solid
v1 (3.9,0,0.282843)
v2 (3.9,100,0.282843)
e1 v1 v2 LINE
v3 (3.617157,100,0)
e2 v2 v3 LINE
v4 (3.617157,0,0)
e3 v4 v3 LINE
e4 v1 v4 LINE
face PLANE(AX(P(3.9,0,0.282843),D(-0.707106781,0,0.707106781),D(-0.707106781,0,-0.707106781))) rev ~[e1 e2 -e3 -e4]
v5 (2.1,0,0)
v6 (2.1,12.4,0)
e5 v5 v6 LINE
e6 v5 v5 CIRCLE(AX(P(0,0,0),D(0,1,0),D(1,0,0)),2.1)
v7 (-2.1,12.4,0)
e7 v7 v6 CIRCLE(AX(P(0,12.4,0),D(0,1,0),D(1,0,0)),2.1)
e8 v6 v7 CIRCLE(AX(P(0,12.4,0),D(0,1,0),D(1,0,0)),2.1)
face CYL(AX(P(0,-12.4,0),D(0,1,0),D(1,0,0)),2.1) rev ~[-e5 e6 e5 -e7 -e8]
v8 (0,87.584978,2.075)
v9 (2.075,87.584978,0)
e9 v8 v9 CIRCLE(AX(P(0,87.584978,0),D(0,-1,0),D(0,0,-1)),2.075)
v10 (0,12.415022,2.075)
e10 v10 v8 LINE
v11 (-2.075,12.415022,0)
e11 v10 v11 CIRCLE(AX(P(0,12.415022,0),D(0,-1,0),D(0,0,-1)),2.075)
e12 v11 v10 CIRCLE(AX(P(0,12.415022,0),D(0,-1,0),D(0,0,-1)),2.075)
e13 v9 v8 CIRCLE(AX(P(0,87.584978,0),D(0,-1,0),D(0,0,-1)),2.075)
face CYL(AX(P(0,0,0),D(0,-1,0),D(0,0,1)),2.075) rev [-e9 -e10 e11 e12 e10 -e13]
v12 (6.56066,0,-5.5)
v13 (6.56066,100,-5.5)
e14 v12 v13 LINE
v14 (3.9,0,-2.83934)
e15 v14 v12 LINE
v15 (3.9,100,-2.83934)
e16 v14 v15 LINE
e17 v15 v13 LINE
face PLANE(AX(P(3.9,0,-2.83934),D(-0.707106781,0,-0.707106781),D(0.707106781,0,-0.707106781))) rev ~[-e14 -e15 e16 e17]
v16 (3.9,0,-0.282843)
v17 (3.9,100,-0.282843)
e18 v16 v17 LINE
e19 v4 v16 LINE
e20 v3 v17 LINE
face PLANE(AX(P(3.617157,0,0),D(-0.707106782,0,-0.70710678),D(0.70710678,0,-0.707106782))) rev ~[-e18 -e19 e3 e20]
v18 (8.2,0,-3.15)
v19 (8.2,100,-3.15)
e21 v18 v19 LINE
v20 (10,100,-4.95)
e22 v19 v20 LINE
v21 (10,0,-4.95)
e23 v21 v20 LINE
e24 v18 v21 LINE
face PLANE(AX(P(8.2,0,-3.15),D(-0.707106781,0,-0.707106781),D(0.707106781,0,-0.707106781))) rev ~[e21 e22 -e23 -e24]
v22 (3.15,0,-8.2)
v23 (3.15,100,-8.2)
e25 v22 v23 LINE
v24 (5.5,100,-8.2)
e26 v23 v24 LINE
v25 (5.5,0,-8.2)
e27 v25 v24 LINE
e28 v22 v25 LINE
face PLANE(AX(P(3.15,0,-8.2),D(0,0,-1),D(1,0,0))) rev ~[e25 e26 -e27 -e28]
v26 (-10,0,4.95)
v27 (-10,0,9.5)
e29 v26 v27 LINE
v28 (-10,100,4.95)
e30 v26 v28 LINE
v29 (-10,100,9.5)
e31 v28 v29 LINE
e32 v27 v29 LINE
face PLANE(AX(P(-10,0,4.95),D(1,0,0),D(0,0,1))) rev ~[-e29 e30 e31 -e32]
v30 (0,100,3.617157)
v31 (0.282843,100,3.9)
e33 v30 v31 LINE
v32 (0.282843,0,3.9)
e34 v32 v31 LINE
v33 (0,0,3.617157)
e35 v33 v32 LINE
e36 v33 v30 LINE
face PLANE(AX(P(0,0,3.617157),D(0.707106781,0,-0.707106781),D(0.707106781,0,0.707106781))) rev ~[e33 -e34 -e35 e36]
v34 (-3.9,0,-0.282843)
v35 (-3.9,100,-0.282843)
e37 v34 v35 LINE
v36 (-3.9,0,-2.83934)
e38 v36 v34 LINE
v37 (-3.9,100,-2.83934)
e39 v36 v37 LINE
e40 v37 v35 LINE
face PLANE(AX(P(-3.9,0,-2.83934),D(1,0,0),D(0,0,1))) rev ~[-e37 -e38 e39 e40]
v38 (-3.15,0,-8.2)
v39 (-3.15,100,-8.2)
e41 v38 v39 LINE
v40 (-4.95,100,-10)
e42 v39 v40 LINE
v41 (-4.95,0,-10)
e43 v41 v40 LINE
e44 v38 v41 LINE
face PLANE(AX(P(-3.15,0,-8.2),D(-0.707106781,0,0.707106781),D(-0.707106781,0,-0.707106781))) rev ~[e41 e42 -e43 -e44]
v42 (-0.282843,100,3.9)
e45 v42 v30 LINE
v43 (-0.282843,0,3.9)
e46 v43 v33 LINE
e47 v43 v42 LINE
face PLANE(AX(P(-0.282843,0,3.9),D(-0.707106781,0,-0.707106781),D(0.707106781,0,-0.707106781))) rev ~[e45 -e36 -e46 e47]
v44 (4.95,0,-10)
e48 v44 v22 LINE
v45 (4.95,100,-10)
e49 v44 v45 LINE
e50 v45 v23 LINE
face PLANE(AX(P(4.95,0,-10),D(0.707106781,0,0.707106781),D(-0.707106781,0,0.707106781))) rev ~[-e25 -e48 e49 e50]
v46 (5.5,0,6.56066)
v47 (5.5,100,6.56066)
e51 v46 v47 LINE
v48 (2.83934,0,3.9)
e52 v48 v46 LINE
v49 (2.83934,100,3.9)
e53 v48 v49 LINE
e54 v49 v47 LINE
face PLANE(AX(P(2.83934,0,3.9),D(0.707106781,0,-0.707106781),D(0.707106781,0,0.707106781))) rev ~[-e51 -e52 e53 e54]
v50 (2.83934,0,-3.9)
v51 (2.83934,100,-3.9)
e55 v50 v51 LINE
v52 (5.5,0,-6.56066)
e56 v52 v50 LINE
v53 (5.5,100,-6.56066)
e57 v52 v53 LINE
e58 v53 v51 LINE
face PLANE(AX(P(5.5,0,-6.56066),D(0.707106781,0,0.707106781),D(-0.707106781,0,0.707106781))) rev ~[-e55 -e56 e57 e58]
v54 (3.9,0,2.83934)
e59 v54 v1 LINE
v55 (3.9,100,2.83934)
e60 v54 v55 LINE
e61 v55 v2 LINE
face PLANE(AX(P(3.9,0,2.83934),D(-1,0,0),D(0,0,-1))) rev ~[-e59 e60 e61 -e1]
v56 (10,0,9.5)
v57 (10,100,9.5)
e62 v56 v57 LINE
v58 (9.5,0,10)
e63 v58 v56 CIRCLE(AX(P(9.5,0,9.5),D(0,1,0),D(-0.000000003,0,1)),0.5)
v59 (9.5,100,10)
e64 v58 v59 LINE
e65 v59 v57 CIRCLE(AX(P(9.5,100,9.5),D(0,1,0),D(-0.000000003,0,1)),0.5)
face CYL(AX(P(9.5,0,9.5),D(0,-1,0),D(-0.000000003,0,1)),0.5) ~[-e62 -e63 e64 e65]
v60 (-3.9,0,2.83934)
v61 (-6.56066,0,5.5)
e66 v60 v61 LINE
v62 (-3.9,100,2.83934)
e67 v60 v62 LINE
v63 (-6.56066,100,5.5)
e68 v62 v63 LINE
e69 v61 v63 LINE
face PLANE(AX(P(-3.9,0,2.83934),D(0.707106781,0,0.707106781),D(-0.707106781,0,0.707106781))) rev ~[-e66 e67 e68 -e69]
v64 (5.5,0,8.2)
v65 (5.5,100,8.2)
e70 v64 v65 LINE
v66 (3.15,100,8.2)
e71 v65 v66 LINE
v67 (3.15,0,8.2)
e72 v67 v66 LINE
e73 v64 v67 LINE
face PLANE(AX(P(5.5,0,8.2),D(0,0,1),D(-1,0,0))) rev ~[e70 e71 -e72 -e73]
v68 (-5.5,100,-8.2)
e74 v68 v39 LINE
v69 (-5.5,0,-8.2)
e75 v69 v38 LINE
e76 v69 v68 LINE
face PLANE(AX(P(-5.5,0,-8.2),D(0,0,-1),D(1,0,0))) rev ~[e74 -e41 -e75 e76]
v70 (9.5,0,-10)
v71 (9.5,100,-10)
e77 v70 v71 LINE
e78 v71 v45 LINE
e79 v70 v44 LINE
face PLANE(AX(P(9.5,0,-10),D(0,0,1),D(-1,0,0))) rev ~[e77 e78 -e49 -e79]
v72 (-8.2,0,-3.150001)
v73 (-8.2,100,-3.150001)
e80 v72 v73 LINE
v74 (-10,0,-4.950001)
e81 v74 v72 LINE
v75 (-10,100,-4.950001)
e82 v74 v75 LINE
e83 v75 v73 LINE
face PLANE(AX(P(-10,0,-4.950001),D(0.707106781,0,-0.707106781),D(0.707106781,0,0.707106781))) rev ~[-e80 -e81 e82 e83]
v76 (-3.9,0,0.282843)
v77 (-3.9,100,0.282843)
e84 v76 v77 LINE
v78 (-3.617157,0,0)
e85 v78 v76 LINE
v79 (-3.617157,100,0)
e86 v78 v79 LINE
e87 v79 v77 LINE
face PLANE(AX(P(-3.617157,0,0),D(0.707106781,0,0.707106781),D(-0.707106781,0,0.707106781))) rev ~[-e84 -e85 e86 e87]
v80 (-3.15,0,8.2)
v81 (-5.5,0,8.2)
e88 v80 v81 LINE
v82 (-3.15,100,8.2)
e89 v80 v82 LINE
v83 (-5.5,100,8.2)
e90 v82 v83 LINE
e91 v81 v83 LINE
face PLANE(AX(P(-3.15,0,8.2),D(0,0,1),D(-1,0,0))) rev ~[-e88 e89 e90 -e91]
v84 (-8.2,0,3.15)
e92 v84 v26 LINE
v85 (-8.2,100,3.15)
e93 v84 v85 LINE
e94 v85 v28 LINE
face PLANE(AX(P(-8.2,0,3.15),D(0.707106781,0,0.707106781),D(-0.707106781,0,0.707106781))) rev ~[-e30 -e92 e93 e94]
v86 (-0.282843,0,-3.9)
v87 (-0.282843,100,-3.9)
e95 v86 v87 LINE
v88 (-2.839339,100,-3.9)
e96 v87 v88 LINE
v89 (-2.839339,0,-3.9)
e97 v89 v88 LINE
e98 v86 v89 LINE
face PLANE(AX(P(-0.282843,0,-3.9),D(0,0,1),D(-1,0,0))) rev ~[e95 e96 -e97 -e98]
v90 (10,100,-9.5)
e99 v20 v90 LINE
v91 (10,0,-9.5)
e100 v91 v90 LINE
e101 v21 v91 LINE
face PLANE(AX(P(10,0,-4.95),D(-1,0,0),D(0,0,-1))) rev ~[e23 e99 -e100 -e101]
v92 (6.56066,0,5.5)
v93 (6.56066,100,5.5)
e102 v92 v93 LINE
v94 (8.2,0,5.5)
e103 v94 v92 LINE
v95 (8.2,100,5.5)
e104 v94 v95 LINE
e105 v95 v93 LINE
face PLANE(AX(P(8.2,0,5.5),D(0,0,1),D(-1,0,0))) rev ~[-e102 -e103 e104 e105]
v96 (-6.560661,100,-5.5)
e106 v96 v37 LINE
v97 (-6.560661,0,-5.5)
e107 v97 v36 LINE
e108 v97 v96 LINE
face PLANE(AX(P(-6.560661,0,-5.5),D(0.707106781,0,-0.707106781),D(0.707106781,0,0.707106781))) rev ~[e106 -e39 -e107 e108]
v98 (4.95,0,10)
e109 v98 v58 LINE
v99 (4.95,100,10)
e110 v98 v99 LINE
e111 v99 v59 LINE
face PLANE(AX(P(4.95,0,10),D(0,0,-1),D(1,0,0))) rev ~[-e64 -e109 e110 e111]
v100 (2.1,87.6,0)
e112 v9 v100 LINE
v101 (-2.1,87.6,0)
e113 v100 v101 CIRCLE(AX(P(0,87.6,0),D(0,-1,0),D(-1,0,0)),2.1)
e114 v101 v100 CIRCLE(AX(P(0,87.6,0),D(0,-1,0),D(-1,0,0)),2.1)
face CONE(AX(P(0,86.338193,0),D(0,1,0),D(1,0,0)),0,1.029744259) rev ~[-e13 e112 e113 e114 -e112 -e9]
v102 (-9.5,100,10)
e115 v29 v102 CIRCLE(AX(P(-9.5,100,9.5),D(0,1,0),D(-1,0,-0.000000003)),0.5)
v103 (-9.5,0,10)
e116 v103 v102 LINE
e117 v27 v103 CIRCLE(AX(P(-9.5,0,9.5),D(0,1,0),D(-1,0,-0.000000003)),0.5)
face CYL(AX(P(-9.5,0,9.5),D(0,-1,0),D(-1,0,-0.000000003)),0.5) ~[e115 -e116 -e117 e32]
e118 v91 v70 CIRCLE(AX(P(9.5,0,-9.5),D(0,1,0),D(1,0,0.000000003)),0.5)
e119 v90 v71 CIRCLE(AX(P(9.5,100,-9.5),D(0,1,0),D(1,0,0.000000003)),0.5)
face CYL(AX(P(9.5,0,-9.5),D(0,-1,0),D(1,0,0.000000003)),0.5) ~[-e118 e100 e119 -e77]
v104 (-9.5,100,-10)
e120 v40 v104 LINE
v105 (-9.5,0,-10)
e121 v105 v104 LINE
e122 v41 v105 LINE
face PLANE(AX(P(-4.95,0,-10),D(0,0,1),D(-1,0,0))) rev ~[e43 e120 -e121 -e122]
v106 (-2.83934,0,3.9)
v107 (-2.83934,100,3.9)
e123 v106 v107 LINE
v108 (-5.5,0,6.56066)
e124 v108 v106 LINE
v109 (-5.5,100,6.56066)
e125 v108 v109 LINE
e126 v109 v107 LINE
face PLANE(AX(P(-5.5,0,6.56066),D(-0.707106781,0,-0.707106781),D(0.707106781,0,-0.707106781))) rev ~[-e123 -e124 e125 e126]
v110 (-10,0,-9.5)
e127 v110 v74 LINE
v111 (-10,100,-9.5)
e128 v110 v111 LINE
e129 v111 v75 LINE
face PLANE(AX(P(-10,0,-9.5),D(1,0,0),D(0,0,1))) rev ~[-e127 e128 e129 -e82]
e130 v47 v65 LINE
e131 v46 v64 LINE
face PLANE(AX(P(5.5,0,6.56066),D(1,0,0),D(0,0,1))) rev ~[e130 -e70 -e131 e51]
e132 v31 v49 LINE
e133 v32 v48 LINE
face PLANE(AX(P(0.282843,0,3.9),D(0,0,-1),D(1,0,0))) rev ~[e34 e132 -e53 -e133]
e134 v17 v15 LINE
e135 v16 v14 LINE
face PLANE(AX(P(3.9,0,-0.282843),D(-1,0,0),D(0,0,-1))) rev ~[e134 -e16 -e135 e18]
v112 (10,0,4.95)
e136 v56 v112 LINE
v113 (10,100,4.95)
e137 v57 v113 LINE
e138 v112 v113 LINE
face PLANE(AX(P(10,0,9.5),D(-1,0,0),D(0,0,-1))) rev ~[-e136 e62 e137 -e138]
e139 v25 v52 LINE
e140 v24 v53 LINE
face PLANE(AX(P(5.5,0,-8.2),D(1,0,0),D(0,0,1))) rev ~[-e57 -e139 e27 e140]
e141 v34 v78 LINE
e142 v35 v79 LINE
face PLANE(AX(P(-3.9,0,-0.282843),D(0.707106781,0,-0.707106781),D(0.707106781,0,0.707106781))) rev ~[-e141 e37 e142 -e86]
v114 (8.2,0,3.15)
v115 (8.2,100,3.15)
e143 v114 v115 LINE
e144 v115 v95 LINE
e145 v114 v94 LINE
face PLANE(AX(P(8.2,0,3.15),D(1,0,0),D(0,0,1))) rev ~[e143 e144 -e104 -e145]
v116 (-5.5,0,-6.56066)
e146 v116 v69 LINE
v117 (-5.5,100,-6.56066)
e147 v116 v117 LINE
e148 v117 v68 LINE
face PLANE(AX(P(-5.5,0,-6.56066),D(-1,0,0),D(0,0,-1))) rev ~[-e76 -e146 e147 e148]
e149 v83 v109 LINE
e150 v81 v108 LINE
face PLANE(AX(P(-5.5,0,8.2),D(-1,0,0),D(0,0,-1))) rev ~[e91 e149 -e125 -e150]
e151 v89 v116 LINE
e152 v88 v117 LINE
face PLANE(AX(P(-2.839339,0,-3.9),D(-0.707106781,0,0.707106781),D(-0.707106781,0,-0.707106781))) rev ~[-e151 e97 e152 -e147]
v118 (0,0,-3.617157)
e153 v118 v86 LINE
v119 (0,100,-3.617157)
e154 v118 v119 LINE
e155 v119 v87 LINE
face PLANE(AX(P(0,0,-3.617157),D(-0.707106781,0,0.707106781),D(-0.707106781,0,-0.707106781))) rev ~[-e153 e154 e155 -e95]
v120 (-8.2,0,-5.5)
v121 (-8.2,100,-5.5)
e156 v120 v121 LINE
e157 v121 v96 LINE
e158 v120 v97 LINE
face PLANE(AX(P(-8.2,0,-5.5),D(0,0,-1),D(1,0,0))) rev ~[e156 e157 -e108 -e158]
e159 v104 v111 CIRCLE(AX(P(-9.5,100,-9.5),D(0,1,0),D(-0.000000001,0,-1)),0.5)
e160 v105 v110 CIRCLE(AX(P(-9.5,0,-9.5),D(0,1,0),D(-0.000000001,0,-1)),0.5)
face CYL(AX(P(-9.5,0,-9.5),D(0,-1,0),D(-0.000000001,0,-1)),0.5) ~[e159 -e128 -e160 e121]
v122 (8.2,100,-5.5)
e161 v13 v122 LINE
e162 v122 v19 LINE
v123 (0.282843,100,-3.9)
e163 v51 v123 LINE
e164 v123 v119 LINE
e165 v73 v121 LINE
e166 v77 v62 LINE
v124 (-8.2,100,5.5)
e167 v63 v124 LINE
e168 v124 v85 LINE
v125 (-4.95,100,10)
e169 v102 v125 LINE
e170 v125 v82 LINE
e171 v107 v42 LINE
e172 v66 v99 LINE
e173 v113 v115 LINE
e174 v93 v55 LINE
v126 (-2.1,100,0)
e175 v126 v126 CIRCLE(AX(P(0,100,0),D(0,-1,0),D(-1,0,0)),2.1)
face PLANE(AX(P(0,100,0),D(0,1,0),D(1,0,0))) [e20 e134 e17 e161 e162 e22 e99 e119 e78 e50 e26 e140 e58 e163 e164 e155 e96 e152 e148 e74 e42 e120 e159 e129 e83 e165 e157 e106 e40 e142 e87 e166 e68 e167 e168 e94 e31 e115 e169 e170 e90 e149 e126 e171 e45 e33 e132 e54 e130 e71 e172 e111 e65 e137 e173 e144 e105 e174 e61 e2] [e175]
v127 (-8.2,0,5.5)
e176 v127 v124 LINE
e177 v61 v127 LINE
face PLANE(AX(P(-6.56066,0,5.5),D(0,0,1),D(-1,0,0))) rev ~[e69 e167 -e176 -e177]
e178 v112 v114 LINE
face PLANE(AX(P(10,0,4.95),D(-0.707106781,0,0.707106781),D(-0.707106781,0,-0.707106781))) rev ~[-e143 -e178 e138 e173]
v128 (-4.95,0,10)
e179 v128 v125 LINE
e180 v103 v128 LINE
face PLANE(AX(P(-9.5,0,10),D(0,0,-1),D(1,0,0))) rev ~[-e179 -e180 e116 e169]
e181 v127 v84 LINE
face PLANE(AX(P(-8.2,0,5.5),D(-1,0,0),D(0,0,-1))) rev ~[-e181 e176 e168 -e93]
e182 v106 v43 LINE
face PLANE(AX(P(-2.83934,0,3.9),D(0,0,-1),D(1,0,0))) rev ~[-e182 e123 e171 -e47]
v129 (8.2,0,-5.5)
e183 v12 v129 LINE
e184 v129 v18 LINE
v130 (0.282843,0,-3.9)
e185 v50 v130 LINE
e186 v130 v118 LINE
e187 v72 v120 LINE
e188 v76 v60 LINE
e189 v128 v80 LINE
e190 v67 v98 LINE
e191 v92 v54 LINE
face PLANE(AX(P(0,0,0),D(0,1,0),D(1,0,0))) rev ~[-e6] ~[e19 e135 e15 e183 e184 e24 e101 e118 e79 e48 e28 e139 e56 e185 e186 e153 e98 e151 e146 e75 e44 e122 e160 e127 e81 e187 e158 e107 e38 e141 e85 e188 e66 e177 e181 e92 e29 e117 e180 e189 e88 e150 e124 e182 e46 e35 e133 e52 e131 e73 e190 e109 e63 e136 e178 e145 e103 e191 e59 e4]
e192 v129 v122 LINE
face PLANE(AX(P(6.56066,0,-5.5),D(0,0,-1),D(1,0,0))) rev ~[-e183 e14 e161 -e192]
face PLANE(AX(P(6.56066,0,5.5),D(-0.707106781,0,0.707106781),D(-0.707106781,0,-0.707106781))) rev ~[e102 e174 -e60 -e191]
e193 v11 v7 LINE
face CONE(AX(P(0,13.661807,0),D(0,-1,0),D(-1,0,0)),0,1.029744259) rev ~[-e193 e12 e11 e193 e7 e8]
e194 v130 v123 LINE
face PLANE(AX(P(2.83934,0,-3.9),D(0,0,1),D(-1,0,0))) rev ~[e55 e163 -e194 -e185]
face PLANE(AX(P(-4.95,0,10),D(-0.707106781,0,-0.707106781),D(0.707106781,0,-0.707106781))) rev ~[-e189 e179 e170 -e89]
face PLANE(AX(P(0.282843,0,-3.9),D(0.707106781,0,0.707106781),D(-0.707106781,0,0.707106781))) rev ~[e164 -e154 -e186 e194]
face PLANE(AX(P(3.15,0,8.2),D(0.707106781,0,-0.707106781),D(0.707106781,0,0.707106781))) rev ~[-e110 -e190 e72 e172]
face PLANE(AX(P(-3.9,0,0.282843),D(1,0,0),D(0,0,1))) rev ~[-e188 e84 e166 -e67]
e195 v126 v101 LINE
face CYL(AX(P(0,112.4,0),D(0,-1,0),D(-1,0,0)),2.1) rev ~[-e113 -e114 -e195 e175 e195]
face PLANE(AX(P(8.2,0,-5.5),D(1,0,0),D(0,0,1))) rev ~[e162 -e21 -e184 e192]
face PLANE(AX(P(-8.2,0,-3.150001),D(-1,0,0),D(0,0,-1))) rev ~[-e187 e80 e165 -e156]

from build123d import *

# Parameters (mm, degrees)
SKETCH_28_R               = 2.075
EXTRUDE_2020V_DEPTH       = 100
HOLE_WIZARD_1_2020V_D     = 4.2
HOLE_WIZARD_1_2020V_DEPTH = 12.4
HOLE_WIZARD_1_2020V_TIP   = 1.2618073
HOLE_WIZARD_2_2020V_D     = 4.2
HOLE_WIZARD_2_2020V_DEPTH = 12.4
HOLE_WIZARD_2_2020V_TIP   = 1.2618073


with BuildPart() as part:
    # 草图28 → 2020V (new body)
    with BuildSketch(Plane(origin=(0, 0, 0), x_dir=(1, 0, 0), z_dir=(0, 1, 0))):
        with BuildLine():
            Line((-3.900000395, 2.839340223), (-3.900000395, 0.282843107))
            Line((-3.900000395, 0.282843107), (-3.617157288, 0))
            Line((-3.617157288, 0), (-3.9, -0.282842712))
            Line((-3.9, -0.282842712), (-3.9, -2.839339828))
            Line((-3.9, -2.839339828), (-6.560660172, -5.5))
            Line((-6.560660172, -5.5), (-8.2, -5.5))
            Line((-8.2, -5.5), (-8.2, -3.150000255))
            Line((-8.2, -3.150000255), (-10, -4.950000255))
            Line((-10, -4.950000255), (-10, -9.5))
            ThreePointArc((-10, -9.5), (-9.853553391, -9.853553391), (-9.5, -10))
            Line((-9.5, -10), (-4.950000255, -10))
            Line((-4.950000255, -10), (-3.150000255, -8.2))
            Line((-3.150000255, -8.2), (-5.5, -8.2))
            Line((-5.5, -8.2), (-5.5, -6.560660172))
            Line((-5.5, -6.560660172), (-2.839339828, -3.9))
            Line((-2.839339828, -3.9), (-0.282842712, -3.9))
            Line((-0.282842712, -3.9), (0, -3.617157288))
            Line((0, -3.617157288), (0.282842712, -3.9))
            Line((0.282842712, -3.9), (2.839339828, -3.9))
            Line((2.839339828, -3.9), (5.5, -6.560660172))
            Line((5.5, -6.560660172), (5.5, -8.2))
            Line((5.5, -8.2), (3.150000255, -8.2))
            Line((3.150000255, -8.2), (4.950000255, -10))
            Line((4.950000255, -10), (9.5, -10))
            ThreePointArc((9.5, -10), (9.853553391, -9.853553391), (10, -9.5))
            Line((10, -9.5), (10, -4.950000255))
            Line((10, -4.950000255), (8.2, -3.150000255))
            Line((8.2, -3.150000255), (8.2, -5.5))
            Line((8.2, -5.5), (6.560660172, -5.5))
            Line((6.560660172, -5.5), (3.9, -2.839339828))
            Line((3.9, -2.839339828), (3.9, -0.282842712))
            Line((3.9, -0.282842712), (3.617157288, 0))
            Line((3.617157288, 0), (3.900000116, 0.282842829))
            Line((3.900000116, 0.282842829), (3.900000116, 2.839339944))
            Line((3.900000116, 2.839339944), (6.560660288, 5.500000116))
            Line((6.560660288, 5.500000116), (8.200000116, 5.500000116))
            Line((8.200000116, 5.500000116), (8.200000116, 3.150000371))
            Line((8.200000116, 3.150000371), (10.000000116, 4.950000371))
            Line((10.000000116, 4.950000371), (10.000000116, 9.499999884))
            ThreePointArc((10.000000116, 9.499999884), (9.853553507, 9.853553275), (9.500000116, 9.999999884))
            Line((9.500000116, 9.999999884), (4.950000139, 9.999999884))
            Line((4.950000139, 9.999999884), (3.150000139, 8.199999884))
            Line((3.150000139, 8.199999884), (5.499999884, 8.199999884))
            Line((5.499999884, 8.199999884), (5.499999884, 6.560660056))
            Line((5.499999884, 6.560660056), (2.839339712, 3.899999884))
            Line((2.839339712, 3.899999884), (0.282842991, 3.899999884))
            Line((0.282842991, 3.899999884), (0, 3.617156893))
            Line((0, 3.617156893), (-0.282842712, 3.899999605))
            Line((-0.282842712, 3.899999605), (-2.839339434, 3.899999605))
            Line((-2.839339434, 3.899999605), (-5.499999605, 6.560659777))
            Line((-5.499999605, 6.560659777), (-5.499999605, 8.199999605))
            Line((-5.499999605, 8.199999605), (-3.149999861, 8.199999605))
            Line((-3.149999861, 8.199999605), (-4.949999861, 9.999999605))
            Line((-4.949999861, 9.999999605), (-9.500000395, 9.999999605))
            ThreePointArc((-9.500000395, 9.999999605), (-9.853553785, 9.853552996), (-10.000000395, 9.499999605))
            Line((-10.000000395, 9.499999605), (-10.000000395, 4.95000065))
            Line((-10.000000395, 4.95000065), (-8.200000395, 3.15000065))
            Line((-8.200000395, 3.15000065), (-8.200000395, 5.500000395))
            Line((-8.200000395, 5.500000395), (-6.560660566, 5.500000395))
            Line((-6.560660566, 5.500000395), (-3.900000395, 2.839340223))
        make_face()
        with Locations(Location((0, 0, 0), (0, 0, 270))):
            Circle(SKETCH_28_R, mode=Mode.SUBTRACT)
    extrude(amount=EXTRUDE_2020V_DEPTH)

    # 1-2020V
    with Locations(Plane(origin=(0, 100, 0), x_dir=(1, 0, 0), z_dir=(0, 1, 0))):
        with Locations((0, 0)):
            Hole(HOLE_WIZARD_1_2020V_D / 2, depth=HOLE_WIZARD_1_2020V_DEPTH)
            with Locations((0, 0, -(HOLE_WIZARD_1_2020V_DEPTH + HOLE_WIZARD_1_2020V_TIP / 2))):  # 118° drill point
                Cone(0, HOLE_WIZARD_1_2020V_D / 2, HOLE_WIZARD_1_2020V_TIP, mode=Mode.SUBTRACT)

    # 2-2020V
    with Locations(Plane(origin=(0, 0, 0), x_dir=(-1, 0, 0), z_dir=(0, -1, 0))):
        with Locations((0, 0)):
            Hole(HOLE_WIZARD_2_2020V_D / 2, depth=HOLE_WIZARD_2_2020V_DEPTH)
            with Locations((0, 0, -(HOLE_WIZARD_2_2020V_DEPTH + HOLE_WIZARD_2_2020V_TIP / 2))):  # 118° drill point
                Cone(0, HOLE_WIZARD_2_2020V_D / 2, HOLE_WIZARD_2_2020V_TIP, mode=Mode.SUBTRACT)


solid = part.part
